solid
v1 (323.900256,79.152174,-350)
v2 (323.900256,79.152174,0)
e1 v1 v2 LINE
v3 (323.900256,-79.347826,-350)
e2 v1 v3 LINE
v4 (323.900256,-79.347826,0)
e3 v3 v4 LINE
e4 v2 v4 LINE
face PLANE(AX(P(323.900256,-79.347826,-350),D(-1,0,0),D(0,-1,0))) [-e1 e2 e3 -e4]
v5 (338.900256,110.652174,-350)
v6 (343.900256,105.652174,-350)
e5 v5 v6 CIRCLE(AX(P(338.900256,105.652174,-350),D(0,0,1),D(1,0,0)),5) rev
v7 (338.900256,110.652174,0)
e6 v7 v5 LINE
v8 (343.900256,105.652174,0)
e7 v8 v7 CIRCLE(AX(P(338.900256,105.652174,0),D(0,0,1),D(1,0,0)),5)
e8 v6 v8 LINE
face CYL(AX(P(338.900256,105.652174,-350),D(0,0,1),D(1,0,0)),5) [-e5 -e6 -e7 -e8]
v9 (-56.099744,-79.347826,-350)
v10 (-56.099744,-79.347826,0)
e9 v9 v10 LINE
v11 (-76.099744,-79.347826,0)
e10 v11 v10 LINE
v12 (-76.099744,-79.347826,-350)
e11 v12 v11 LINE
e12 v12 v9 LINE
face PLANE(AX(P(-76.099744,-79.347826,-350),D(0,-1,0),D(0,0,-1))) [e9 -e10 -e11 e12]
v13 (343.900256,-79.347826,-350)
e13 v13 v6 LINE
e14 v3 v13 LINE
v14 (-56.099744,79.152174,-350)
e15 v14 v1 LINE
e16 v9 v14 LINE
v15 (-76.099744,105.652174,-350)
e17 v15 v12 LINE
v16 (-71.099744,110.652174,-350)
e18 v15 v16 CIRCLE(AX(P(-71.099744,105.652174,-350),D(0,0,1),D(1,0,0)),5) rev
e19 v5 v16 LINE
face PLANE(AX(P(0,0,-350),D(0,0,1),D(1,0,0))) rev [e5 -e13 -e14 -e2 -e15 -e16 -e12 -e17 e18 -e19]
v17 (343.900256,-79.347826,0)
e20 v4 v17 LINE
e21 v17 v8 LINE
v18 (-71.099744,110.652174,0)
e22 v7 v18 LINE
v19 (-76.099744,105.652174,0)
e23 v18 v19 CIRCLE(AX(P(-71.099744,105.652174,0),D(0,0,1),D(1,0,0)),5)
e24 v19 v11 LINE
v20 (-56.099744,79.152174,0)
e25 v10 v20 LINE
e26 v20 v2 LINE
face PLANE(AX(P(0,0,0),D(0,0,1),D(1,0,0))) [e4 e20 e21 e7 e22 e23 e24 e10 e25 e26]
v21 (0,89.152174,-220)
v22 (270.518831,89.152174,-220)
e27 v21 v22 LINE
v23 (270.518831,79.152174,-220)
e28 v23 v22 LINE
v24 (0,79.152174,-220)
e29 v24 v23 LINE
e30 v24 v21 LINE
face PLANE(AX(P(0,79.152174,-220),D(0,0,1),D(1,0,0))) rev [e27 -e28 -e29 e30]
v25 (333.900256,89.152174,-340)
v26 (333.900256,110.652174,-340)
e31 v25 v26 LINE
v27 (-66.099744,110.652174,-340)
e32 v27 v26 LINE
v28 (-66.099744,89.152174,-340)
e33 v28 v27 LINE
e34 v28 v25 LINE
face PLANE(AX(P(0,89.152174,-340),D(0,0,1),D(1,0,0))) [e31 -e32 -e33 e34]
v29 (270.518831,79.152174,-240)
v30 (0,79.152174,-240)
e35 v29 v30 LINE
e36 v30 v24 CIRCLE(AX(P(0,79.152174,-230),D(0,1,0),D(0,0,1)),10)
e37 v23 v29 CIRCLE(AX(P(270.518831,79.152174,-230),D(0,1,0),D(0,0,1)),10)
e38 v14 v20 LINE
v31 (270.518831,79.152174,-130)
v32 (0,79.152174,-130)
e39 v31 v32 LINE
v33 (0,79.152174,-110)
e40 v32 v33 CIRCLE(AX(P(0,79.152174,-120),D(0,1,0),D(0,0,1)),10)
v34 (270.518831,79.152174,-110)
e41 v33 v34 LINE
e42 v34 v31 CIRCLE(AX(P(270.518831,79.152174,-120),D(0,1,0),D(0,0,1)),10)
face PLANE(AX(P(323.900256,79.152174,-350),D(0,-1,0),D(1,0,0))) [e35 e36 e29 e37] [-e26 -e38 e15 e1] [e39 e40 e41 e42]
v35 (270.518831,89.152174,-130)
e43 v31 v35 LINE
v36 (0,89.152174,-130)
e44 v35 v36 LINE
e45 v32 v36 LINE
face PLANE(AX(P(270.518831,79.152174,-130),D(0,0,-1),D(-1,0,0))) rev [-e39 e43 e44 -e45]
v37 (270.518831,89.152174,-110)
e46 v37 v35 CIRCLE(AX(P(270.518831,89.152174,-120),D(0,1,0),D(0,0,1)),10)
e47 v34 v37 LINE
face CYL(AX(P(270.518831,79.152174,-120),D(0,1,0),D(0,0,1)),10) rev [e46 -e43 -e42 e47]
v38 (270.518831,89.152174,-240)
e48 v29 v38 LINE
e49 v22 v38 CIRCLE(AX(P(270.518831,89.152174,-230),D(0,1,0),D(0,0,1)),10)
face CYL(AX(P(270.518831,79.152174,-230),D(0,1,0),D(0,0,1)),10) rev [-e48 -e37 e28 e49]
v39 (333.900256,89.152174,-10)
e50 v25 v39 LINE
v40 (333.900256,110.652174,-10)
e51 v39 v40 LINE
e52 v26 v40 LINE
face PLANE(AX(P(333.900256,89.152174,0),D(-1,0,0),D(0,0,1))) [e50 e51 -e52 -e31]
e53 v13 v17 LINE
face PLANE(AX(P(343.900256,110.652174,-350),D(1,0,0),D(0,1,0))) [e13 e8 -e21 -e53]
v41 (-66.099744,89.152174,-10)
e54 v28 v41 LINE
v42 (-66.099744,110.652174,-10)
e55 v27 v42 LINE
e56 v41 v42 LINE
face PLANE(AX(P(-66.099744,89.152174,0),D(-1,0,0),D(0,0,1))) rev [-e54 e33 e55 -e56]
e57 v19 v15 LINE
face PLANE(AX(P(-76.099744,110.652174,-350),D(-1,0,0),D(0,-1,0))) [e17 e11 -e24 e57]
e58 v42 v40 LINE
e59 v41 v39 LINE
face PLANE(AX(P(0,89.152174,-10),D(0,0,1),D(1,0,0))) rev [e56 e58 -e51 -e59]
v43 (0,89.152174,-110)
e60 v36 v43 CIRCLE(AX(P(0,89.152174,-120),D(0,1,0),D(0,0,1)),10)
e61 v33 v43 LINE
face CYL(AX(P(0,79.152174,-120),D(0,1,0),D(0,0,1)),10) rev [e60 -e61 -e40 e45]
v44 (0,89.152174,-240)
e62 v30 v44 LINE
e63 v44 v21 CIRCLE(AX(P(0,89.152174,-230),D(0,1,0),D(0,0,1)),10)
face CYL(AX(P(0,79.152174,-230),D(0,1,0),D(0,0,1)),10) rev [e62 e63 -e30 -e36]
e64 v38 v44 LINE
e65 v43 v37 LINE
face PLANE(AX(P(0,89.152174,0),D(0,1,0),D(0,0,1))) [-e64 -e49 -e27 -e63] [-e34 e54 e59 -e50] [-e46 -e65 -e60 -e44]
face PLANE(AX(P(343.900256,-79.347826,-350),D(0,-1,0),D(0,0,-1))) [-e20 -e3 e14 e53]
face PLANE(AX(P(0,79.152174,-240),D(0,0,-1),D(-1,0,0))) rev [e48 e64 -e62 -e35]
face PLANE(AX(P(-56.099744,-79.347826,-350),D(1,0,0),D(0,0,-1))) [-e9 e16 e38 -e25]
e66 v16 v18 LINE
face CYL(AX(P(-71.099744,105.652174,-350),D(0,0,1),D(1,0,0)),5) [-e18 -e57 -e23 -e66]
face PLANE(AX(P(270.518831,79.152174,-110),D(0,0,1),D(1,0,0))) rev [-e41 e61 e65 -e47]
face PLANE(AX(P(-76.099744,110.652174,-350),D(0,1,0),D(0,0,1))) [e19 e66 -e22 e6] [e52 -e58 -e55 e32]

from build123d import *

# Parameters (mm, degrees)
BOSS_EXTRUDE1_DEPTH  = 350
SKETCH4_W            = 400
SKETCH4_H            = 330
CUT_EXTRUDE1_DEPTH   = 21.5
SKETCH5_W            = 130
SKETCH5_H            = 130
CUT_EXTRUDE2_DEPTH   = 30
FILLET1_R            = 5
SKETCH15_W           = 130
SKETCH15_H           = 10
CUT_EXTRUDE3_DEPTH   = 25
SKETCH16_W           = 130
SKETCH16_H           = 10
BOSS_EXTRUDE6_DEPTH  = 25
SKETCH22_W           = 130
SKETCH22_H           = 130
BOSS_EXTRUDE11_DEPTH = 10
BOSS_EXTRUDE12_DEPTH = 10
CUT_EXTRUDE4_DEPTH   = 10


with BuildPart() as part:
    # Sketch3 → Boss-Extrude1 (new body)
    with BuildSketch(Plane.XY):
        Polygon((-76.099744246, 110.652173913), (343.900255754, 110.652173913), (343.900255754, -79.347826087), (323.900255754, -79.347826087), (323.900255754, 79.152173913), (-56.099744246, 79.152173913), (-56.099744246, -79.347826087), (-76.099744246, -79.347826087), align=None)
    extrude(amount=-BOSS_EXTRUDE1_DEPTH)

    # Sketch4 → Cut-Extrude1 (cut)
    with BuildSketch(Plane(origin=(0, 110.652173913, 0), x_dir=(1, 0, 0), z_dir=(0, 1, 0))):
        with Locations((133.900255754, 175)):
            Rectangle(SKETCH4_W, SKETCH4_H)
    extrude(amount=-CUT_EXTRUDE1_DEPTH, mode=Mode.SUBTRACT)

    # Sketch5 → Cut-Extrude2 (cut)
    with BuildSketch(Plane(origin=(0, 89.152173913, 0), x_dir=(1, 0, 0), z_dir=(0, 1, 0))):
        with Locations((33.900255754, 110)):
            Rectangle(SKETCH5_W, SKETCH5_H)
        with BuildLine():
            Line((-21.099744246, 247.552781264), (88.900255754, 247.552781264))
            ThreePointArc((88.900255754, 247.552781264), (98.900255754, 237.552781264), (88.900255754, 227.552781264))
            Line((88.900255754, 227.552781264), (-21.099744246, 227.552781264))
            ThreePointArc((-21.099744246, 227.552781264), (-31.099744246, 237.552781264), (-21.099744246, 247.552781264))
        make_face()
        with BuildLine():
            Line((-21.099744246, 315.266550997), (88.900255754, 315.266550997))
            ThreePointArc((88.900255754, 315.266550997), (98.900255754, 305.266550997), (88.900255754, 295.266550997))
            Line((88.900255754, 295.266550997), (-21.099744246, 295.266550997))
            ThreePointArc((-21.099744246, 295.266550997), (-31.099744246, 305.266550997), (-21.099744246, 315.266550997))
        make_face()
    extrude(amount=-CUT_EXTRUDE2_DEPTH, mode=Mode.SUBTRACT)

    # Fillet1
    fillet1_edges = [part.edges().sort_by_distance(p)[0] for p in [
        (-76.099744246, 110.652173913, -175),
        (343.900255754, 110.652173913, -175),
    ]]
    fillet(fillet1_edges, radius=FILLET1_R)

    # Sketch15 → Cut-Extrude3 (cut)
    with BuildSketch(Plane.XY.offset(-175)):
        with Locations((33.900255754, 84.152173913)):
            Rectangle(SKETCH15_W, SKETCH15_H)
    extrude(amount=-CUT_EXTRUDE3_DEPTH, mode=Mode.SUBTRACT)

    # Sketch16 → Boss-Extrude6 (add)
    with BuildSketch(Plane(origin=(0, 0, -45), x_dir=(-1, 0, 0), z_dir=(0, 0, -1))):
        with Locations((-33.900255754, 84.152173913)):
            Rectangle(SKETCH16_W, SKETCH16_H)
    extrude(amount=BOSS_EXTRUDE6_DEPTH)

    # Sketch22 → Boss-Extrude11 (add)
    with BuildSketch(Plane(origin=(0, 89.152173913, 0), x_dir=(1, 0, 0), z_dir=(0, 1, 0))):
        with Locations((33.900255754, 135)):
            Rectangle(SKETCH22_W, SKETCH22_H)
    extrude(amount=-BOSS_EXTRUDE11_DEPTH)

    # Sketch23 → Boss-Extrude12 (add)
    with BuildSketch(Plane(origin=(0, 89.152173913, 0), x_dir=(1, 0, 0), z_dir=(0, 1, 0))):
        with BuildLine():
            ThreePointArc((-21.099744246, 295.266550997), (-31.099744246, 305.266550997), (-21.099744246, 315.266550997))
            Line((-21.099744246, 315.266550997), (88.900255754, 315.266550997))
            ThreePointArc((88.900255754, 315.266550997), (98.900255754, 305.266550997), (88.900255754, 295.266550997))
            Line((88.900255754, 295.266550997), (-21.099744246, 295.266550997))
        make_face()
        with BuildLine():
            ThreePointArc((-21.099744246, 227.552781264), (-31.099744246, 237.552781264), (-21.099744246, 247.552781264))
            Line((-21.099744246, 247.552781264), (88.900255754, 247.552781264))
            ThreePointArc((88.900255754, 247.552781264), (98.900255754, 237.552781264), (88.900255754, 227.552781264))
            Line((88.900255754, 227.552781264), (-21.099744246, 227.552781264))
        make_face()
    extrude(amount=-BOSS_EXTRUDE12_DEPTH)

    # Sketch24 → Cut-Extrude4 (cut)
    with BuildSketch(Plane(origin=(0, 89.152173913, 0), x_dir=(1, 0, 0), z_dir=(0, 1, 0))):
        with BuildLine():
            Line((0, 240), (270.518831375, 240))
            ThreePointArc((270.518831375, 240), (280.518831375, 230), (270.518831375, 220))
            Line((270.518831375, 220), (0, 220))
            ThreePointArc((0, 220), (-10, 230), (0, 240))
        make_face()
        with BuildLine():
            Line((270.518831375, 110), (0, 110))
            ThreePointArc((0, 110), (-10, 120), (0, 130))
            Line((0, 130), (270.518831375, 130))
            ThreePointArc((270.518831375, 130), (280.518831375, 120), (270.518831375, 110))
        make_face()
    extrude(amount=-CUT_EXTRUDE4_DEPTH, mode=Mode.SUBTRACT)


solid = part.part
